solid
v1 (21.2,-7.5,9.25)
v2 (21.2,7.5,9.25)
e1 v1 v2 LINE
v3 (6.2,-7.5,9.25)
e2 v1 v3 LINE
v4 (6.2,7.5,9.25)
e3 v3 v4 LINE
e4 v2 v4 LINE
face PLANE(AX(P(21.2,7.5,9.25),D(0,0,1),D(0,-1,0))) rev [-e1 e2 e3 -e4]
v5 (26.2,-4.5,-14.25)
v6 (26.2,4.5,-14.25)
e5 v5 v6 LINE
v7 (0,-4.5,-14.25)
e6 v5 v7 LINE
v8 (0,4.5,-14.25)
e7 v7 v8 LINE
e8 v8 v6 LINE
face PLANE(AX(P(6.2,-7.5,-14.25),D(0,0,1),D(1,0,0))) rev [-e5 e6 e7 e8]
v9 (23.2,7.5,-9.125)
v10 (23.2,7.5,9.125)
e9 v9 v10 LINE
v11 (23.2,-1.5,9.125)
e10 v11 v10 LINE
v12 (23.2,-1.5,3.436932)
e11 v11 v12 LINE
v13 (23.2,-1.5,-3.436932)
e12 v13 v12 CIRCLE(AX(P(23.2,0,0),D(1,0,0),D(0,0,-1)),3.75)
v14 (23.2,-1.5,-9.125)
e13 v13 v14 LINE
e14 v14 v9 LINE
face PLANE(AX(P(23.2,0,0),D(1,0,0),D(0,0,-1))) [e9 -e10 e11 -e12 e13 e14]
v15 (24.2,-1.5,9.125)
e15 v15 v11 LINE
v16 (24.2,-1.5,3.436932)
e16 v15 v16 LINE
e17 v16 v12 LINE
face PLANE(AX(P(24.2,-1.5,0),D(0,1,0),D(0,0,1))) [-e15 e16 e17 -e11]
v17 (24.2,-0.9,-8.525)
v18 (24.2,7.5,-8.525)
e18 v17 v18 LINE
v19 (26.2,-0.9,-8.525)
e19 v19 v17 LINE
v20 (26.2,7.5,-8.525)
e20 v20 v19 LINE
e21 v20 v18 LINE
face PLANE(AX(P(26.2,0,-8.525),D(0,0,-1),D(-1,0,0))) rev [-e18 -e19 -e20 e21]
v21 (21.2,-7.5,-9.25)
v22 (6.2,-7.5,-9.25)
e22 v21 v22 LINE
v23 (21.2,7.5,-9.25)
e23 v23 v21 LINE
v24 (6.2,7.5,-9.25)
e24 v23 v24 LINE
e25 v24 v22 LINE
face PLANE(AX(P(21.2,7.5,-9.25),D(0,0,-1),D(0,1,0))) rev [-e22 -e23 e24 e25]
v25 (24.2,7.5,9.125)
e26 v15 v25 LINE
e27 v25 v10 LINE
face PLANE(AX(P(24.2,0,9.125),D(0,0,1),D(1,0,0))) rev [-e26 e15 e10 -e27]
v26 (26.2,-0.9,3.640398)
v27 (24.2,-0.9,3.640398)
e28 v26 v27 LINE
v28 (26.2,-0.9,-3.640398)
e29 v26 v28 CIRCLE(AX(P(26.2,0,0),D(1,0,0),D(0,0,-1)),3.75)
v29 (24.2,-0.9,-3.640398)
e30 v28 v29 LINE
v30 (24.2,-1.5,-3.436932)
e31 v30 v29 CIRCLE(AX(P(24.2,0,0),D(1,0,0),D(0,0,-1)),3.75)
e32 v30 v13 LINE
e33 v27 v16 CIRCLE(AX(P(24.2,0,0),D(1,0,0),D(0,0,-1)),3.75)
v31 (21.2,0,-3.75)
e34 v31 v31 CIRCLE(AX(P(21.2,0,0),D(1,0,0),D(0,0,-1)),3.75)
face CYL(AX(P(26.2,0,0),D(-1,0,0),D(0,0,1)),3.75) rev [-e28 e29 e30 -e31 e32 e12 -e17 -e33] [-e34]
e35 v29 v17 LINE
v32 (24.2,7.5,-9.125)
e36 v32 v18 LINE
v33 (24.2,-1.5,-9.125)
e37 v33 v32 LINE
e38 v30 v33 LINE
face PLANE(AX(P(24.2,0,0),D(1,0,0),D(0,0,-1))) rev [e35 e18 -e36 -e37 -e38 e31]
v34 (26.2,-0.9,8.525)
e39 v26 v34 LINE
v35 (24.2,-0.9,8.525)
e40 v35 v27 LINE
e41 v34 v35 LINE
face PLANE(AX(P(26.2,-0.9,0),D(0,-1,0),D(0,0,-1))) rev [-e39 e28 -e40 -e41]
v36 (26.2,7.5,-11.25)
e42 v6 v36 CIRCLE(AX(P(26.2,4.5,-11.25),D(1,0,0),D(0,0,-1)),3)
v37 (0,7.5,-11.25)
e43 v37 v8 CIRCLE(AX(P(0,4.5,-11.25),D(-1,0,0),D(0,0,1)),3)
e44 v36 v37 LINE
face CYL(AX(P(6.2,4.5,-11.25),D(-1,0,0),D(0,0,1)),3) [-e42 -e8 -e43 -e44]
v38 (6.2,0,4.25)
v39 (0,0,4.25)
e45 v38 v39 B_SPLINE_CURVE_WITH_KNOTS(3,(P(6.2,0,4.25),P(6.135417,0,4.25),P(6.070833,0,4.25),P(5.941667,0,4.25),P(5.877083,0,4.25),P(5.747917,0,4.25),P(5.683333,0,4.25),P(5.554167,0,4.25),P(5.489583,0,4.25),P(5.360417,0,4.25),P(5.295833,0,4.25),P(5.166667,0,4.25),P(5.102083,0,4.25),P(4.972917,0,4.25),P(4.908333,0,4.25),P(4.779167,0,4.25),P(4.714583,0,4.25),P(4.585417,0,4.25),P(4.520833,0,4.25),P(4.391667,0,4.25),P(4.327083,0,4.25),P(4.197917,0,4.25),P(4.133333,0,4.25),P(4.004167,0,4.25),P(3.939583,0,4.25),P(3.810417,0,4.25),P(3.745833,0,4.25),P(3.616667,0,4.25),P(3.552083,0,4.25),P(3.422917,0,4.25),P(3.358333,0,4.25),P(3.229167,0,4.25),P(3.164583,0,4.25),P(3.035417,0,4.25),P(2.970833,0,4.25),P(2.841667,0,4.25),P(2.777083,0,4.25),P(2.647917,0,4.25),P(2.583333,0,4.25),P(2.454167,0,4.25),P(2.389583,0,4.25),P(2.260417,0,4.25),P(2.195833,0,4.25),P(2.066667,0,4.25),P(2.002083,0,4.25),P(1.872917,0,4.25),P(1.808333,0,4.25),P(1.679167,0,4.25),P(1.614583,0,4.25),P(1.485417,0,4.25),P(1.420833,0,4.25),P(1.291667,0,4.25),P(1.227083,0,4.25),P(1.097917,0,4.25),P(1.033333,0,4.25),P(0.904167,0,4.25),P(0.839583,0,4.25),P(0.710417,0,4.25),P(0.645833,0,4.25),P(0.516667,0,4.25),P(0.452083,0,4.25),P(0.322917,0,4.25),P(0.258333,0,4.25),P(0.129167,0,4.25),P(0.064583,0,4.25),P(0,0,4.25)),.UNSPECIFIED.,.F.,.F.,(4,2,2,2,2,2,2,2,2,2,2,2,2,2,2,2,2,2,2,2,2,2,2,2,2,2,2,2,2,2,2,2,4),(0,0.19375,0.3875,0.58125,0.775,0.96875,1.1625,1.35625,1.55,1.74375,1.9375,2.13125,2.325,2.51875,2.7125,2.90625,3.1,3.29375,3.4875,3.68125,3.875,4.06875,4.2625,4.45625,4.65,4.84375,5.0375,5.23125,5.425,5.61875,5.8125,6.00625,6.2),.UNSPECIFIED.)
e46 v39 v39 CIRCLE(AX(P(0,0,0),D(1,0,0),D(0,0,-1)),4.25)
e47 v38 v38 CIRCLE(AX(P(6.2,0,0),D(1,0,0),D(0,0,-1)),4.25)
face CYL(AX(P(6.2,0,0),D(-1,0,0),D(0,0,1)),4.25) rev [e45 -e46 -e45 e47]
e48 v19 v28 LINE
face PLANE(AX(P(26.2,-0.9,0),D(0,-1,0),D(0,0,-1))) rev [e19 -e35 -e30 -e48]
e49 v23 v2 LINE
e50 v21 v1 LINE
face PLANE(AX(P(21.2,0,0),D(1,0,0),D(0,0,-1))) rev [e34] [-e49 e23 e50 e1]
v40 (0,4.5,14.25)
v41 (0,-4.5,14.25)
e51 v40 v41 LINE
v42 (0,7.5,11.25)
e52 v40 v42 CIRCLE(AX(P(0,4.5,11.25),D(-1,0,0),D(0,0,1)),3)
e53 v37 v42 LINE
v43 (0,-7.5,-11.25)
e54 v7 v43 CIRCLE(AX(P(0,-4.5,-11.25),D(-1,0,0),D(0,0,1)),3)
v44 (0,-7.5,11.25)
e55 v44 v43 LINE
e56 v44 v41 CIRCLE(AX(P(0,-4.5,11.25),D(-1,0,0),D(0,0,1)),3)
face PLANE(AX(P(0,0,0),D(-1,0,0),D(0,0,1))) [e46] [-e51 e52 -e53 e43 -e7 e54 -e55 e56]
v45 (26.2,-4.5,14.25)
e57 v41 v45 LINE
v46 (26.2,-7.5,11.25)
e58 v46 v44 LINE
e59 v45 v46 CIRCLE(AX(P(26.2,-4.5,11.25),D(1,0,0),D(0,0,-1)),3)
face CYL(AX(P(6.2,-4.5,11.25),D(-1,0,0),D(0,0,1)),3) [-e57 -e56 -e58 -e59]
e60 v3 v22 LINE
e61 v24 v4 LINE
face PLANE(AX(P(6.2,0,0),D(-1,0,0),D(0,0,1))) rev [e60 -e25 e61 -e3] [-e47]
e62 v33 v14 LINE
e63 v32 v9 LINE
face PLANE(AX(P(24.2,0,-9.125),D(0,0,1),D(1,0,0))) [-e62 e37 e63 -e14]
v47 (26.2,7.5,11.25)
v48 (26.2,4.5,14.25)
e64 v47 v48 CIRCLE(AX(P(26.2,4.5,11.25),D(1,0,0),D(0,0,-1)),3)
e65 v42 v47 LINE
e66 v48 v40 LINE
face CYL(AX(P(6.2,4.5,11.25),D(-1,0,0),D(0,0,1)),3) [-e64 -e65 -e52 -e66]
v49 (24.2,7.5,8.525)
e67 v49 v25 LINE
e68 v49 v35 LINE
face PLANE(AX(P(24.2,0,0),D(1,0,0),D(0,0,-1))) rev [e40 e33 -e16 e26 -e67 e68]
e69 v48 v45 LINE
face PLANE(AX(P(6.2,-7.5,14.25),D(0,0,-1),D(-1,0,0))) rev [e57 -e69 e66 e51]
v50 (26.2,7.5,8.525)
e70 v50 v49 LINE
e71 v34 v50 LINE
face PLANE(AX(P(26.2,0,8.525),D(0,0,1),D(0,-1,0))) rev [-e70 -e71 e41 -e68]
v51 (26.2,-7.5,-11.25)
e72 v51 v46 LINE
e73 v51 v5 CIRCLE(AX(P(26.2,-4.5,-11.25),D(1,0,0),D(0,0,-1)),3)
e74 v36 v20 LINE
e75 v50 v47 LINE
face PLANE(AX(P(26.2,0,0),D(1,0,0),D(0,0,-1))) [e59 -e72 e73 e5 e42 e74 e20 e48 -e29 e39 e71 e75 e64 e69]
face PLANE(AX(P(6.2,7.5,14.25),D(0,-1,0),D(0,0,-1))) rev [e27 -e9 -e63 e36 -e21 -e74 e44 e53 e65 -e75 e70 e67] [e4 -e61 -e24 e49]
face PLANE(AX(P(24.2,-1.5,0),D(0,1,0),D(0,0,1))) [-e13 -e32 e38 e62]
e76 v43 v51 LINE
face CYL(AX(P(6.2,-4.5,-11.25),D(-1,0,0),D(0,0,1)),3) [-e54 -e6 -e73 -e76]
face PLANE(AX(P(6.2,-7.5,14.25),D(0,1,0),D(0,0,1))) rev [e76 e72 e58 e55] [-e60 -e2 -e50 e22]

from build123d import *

# Parameters (mm, degrees)
SKETCH1_W           = 28.5
SKETCH1_H           = 15
SKETCH1_R           = 4.25
BOSS_EXTRUDE1_DEPTH = 6.2
SKETCH2_W           = 5
SKETCH2_H           = 15
BOSS_EXTRUDE2_DEPTH = 15
SKETCH3_W           = 5
SKETCH3_H           = 15
BOSS_EXTRUDE3_DEPTH = 5
CUT_EXTRUDE2_START  = 2
CUT_EXTRUDE2_DEPTH  = 1
CUT_EXTRUDE3_START  = 3
CUT_EXTRUDE3_DEPTH  = 2
FILLET1_R           = 3


with BuildPart() as part:
    # Sketch1 → Boss-Extrude1 (new body)
    with BuildSketch(Plane(origin=(0, 0, 0), x_dir=(0, 0, -1), z_dir=(1, 0, 0))):
        Rectangle(SKETCH1_W, SKETCH1_H)
        with Locations(Location((0, 0, 0), (0, 0, 180))):
            Circle(SKETCH1_R, mode=Mode.SUBTRACT)
    extrude(amount=BOSS_EXTRUDE1_DEPTH)

    # Sketch2 → Boss-Extrude2 (add)
    with BuildSketch(Plane(origin=(6.2, 0, 0), x_dir=(0, 0, -1), z_dir=(1, 0, 0))):
        with Locations((-11.75, 0)):
            Rectangle(SKETCH2_W, SKETCH2_H)
        with Locations((11.75, 0)):
            Rectangle(SKETCH2_W, SKETCH2_H)
    extrude(amount=BOSS_EXTRUDE2_DEPTH)

    # Sketch3 → Boss-Extrude3 (add)
    with BuildSketch(Plane(origin=(21.2, 0, 0), x_dir=(0, 0, -1), z_dir=(1, 0, 0))):
        with Locations((-11.75, 0)):
            Rectangle(SKETCH3_W, SKETCH3_H)
        with BuildLine():
            Line((8.525, -0.9), (8.525, 7.5))
            Line((8.525, 7.5), (-8.525, 7.5))
            Line((-8.525, 7.5), (-8.525, -0.9))
            Line((-8.525, -0.9), (-3.64039833, -0.9))
            ThreePointArc((-3.64039833, -0.9), (-0.453324532, 3.72249874), (3.75, 0))
            ThreePointArc((3.75, 0), (3.72249874, -0.453324532), (3.64039833, -0.9))
            Line((3.64039833, -0.9), (8.525, -0.9))
        make_face()
        with BuildLine():
            Line((-9.25, -7.5), (14.25, -7.5))
            Line((14.25, -7.5), (14.25, 7.5))
            Line((14.25, 7.5), (9.125, 7.5))
            Line((9.125, 7.5), (9.125, -1.5))
            Line((9.125, -1.5), (3.436931771, -1.5))
            ThreePointArc((3.436931771, -1.5), (0, -3.75), (-3.436931771, -1.5))
            Line((-3.436931771, -1.5), (-9.125, -1.5))
            Line((-9.125, -1.5), (-9.125, 7.5))
            Line((-9.125, 7.5), (-9.25, 7.5))
            Line((-9.25, 7.5), (-9.25, -7.5))
        make_face()
        with BuildLine():
            Line((-8.525, 7.5), (-9.125, 7.5))
            Line((-9.125, 7.5), (-9.125, -1.5))
            Line((-9.125, -1.5), (-3.436931771, -1.5))
            ThreePointArc((-3.436931771, -1.5), (-3.551358943, -1.204304638), (-3.64039833, -0.9))
            Line((-3.64039833, -0.9), (-8.525, -0.9))
            Line((-8.525, -0.9), (-8.525, 7.5))
        make_face()
        with BuildLine():
            Line((9.125, -1.5), (9.125, 7.5))
            Line((9.125, 7.5), (8.525, 7.5))
            Line((8.525, 7.5), (8.525, -0.9))
            Line((8.525, -0.9), (3.64039833, -0.9))
            ThreePointArc((3.64039833, -0.9), (3.551358943, -1.204304638), (3.436931771, -1.5))
            Line((3.436931771, -1.5), (9.125, -1.5))
        make_face()
    extrude(amount=BOSS_EXTRUDE3_DEPTH)

    # Sketch3<6> → Cut-Extrude2 (cut)
    with BuildSketch(Plane(origin=(21.2, 0, 0), x_dir=(0, 0, -1), z_dir=(1, 0, 0)).offset(CUT_EXTRUDE2_START)):
        with BuildLine():
            Line((8.525, -0.9), (8.525, 7.5))
            Line((8.525, 7.5), (-8.525, 7.5))
            Line((-8.525, 7.5), (-8.525, -0.9))
            Line((-8.525, -0.9), (-3.64039833, -0.9))
            ThreePointArc((-3.64039833, -0.9), (-0.453324532, 3.72249874), (3.75, 0))
            ThreePointArc((3.75, 0), (3.72249874, -0.453324532), (3.64039833, -0.9))
            Line((3.64039833, -0.9), (8.525, -0.9))
        make_face()
        with BuildLine():
            Line((-8.525, 7.5), (-9.125, 7.5))
            Line((-9.125, 7.5), (-9.125, -1.5))
            Line((-9.125, -1.5), (-3.436931771, -1.5))
            ThreePointArc((-3.436931771, -1.5), (-3.551358943, -1.204304638), (-3.64039833, -0.9))
            Line((-3.64039833, -0.9), (-8.525, -0.9))
            Line((-8.525, -0.9), (-8.525, 7.5))
        make_face()
        with BuildLine():
            Line((9.125, -1.5), (9.125, 7.5))
            Line((9.125, 7.5), (8.525, 7.5))
            Line((8.525, 7.5), (8.525, -0.9))
            Line((8.525, -0.9), (3.64039833, -0.9))
            ThreePointArc((3.64039833, -0.9), (3.551358943, -1.204304638), (3.436931771, -1.5))
            Line((3.436931771, -1.5), (9.125, -1.5))
        make_face()
    extrude(amount=CUT_EXTRUDE2_DEPTH, mode=Mode.SUBTRACT)

    # Sketch3<7> → Cut-Extrude3 (cut)
    with BuildSketch(Plane(origin=(21.2, 0, 0), x_dir=(0, 0, -1), z_dir=(1, 0, 0)).offset(CUT_EXTRUDE3_START)):
        with BuildLine():
            Line((8.525, -0.9), (8.525, 7.5))
            Line((8.525, 7.5), (-8.525, 7.5))
            Line((-8.525, 7.5), (-8.525, -0.9))
            Line((-8.525, -0.9), (-3.64039833, -0.9))
            ThreePointArc((-3.64039833, -0.9), (-0.453324532, 3.72249874), (3.75, 0))
            ThreePointArc((3.75, 0), (3.72249874, -0.453324532), (3.64039833, -0.9))
            Line((3.64039833, -0.9), (8.525, -0.9))
        make_face()
    extrude(amount=CUT_EXTRUDE3_DEPTH, mode=Mode.SUBTRACT)

    # Fillet1
    fillet1_edges = [part.edges().sort_by_distance(p)[0] for p in [
        (13.1, -7.5, -14.25),
        (13.1, -7.5, 14.25),
        (13.1, 7.5, 14.25),
        (13.1, 7.5, -14.25),
    ]]
    fillet(fillet1_edges, radius=FILLET1_R)


solid = part.part
